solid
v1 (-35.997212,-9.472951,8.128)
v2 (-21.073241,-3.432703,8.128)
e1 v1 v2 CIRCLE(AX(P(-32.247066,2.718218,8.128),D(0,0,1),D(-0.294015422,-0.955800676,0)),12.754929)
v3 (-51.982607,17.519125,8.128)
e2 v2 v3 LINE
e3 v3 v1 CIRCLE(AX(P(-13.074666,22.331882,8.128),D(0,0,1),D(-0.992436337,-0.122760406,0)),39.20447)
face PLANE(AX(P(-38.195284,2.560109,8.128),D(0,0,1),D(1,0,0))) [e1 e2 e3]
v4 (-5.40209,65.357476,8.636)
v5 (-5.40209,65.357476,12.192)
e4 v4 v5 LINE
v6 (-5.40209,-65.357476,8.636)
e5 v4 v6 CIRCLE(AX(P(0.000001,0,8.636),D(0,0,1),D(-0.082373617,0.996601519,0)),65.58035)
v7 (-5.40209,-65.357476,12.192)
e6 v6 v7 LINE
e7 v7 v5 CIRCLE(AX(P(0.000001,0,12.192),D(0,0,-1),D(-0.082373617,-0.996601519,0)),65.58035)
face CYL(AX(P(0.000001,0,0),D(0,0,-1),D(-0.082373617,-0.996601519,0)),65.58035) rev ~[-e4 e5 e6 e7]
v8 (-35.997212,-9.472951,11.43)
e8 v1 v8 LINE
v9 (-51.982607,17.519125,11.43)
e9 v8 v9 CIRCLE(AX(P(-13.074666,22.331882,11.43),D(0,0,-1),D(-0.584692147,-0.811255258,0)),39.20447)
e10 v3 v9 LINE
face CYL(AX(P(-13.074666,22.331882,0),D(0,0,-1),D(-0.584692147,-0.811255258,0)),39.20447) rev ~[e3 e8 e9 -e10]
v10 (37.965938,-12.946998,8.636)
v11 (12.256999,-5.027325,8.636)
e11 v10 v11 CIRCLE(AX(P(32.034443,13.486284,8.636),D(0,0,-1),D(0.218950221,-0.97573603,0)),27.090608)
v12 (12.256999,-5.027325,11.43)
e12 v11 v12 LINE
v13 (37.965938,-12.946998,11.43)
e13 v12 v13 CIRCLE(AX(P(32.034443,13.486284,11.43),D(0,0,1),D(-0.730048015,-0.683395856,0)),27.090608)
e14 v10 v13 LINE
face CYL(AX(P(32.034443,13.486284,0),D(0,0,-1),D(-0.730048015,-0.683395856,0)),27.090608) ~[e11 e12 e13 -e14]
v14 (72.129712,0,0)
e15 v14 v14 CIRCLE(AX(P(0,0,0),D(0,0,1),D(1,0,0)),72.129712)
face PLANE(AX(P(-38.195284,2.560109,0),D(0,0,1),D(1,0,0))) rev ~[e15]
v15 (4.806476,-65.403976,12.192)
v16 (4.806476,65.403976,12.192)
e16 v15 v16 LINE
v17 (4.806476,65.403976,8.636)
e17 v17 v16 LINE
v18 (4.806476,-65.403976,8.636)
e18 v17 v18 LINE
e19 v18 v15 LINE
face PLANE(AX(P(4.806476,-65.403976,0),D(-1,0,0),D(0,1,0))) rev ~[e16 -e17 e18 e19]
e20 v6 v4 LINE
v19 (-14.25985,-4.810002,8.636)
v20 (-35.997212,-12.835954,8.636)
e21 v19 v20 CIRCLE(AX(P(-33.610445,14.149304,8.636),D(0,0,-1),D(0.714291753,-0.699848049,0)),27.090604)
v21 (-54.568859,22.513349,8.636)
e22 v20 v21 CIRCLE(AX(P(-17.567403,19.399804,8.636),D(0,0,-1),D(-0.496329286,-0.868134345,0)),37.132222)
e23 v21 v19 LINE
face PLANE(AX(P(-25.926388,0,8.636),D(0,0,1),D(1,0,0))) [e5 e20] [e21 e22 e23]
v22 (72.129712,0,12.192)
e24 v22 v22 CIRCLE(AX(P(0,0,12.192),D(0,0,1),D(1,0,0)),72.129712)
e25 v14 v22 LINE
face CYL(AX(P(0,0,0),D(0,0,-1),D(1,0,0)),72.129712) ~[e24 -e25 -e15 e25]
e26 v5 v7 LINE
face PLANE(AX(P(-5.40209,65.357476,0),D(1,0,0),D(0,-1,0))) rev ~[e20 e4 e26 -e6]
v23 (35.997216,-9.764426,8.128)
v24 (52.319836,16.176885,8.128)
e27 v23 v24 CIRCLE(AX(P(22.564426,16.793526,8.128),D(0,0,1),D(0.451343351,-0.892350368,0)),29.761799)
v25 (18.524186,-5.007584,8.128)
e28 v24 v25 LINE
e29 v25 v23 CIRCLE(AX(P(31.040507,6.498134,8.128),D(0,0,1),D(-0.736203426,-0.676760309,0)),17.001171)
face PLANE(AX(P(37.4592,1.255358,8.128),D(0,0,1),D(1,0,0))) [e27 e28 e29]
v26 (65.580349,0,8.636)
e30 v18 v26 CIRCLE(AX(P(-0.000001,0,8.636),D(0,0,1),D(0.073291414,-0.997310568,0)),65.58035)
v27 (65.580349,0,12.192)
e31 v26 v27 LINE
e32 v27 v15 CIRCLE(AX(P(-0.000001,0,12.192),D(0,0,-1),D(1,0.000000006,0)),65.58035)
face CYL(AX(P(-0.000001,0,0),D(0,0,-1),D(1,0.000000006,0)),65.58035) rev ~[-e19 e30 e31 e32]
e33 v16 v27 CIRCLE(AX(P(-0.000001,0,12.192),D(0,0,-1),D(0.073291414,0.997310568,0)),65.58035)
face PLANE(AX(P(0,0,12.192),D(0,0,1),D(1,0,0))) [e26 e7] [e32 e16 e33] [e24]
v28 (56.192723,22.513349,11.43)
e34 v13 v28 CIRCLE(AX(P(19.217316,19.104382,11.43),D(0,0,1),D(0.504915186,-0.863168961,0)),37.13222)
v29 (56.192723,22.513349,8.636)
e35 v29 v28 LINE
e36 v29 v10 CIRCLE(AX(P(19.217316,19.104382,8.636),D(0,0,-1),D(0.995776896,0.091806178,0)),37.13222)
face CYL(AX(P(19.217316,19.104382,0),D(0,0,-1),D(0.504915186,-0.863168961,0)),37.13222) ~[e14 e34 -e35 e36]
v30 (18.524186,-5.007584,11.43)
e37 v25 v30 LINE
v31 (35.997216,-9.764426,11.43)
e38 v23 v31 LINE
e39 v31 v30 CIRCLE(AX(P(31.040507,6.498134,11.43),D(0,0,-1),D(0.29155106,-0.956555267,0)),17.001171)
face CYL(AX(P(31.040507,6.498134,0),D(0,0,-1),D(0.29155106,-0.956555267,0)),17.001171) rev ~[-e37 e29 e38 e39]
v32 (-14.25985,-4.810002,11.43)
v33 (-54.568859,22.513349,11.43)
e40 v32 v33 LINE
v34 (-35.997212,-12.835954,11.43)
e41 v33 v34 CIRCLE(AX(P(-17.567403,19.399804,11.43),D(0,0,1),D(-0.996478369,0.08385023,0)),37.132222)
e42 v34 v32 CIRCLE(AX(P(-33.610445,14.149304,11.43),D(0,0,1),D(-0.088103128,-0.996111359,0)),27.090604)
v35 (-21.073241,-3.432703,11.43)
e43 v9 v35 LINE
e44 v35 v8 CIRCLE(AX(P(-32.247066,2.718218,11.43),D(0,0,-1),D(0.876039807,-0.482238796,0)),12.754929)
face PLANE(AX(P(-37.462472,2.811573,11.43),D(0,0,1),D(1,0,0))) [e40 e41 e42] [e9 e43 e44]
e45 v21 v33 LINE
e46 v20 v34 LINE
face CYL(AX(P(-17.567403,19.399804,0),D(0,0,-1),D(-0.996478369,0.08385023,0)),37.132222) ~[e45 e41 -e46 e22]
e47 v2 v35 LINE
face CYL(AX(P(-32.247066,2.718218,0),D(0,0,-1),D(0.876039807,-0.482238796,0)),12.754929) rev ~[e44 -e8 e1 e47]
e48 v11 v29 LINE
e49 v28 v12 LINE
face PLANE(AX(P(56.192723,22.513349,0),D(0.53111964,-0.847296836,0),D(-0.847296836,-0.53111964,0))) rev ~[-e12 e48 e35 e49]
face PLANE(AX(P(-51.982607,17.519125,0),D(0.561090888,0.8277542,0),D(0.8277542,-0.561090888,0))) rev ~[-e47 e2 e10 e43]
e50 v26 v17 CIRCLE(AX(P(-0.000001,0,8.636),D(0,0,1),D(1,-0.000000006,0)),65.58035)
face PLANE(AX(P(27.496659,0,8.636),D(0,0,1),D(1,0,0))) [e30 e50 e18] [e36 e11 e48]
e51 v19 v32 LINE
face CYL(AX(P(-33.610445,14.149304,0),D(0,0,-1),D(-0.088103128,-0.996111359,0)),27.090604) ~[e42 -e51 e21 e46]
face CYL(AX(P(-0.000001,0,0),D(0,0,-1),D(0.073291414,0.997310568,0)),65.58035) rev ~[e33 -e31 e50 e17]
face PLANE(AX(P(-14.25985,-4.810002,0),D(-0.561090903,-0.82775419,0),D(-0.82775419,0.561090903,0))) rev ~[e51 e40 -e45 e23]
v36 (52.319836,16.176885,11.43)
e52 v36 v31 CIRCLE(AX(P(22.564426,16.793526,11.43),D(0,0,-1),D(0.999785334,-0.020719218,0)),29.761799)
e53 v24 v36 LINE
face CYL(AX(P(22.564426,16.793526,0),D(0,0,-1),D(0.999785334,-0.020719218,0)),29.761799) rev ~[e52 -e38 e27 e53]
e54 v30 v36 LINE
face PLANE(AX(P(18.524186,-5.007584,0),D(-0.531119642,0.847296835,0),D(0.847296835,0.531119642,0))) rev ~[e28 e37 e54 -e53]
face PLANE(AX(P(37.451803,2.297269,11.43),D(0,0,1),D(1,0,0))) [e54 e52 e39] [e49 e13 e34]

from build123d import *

# Parameters (mm, degrees)
F0_R     = 72.129712
F1_DEPTH = 12.192
F2_DEPTH = 8.636
F3_DEPTH = 11.43
F4_DEPTH = 8.128


with BuildPart() as f1:
    # F0 (on Top) → F1 (new body)
    with BuildSketch(Plane.XY):
        Circle(F0_R)
        with BuildLine():
            ThreePointArc((4.806476, 65.403976), (48.04161, 44.640631), (65.580349, 0))
            ThreePointArc((65.580349, 0), (48.04161, -44.640631), (4.806476, -65.403976))
            ThreePointArc((4.806476, -65.403976), (-0.298713, -65.579669), (-5.40209, -65.357476))
            ThreePointArc((-5.40209, -65.357476), (-65.580349, 0), (-5.40209, 65.357476))
            ThreePointArc((-5.40209, 65.357476), (-0.298713, 65.579669), (4.806476, 65.403976))
        make_face(mode=Mode.SUBTRACT)
        with BuildLine():
            Line((4.806476, -65.403976), (4.806476, 65.403976))
            ThreePointArc((4.806476, 65.403976), (-0.298713, 65.579669), (-5.40209, 65.357476))
            Line((-5.40209, 65.357476), (-5.40209, -65.357476))
            ThreePointArc((-5.40209, -65.357476), (-0.298713, -65.579669), (4.806476, -65.403976))
        make_face()
    extrude(amount=F1_DEPTH)

    # F0 (on Top) → F2 (join)
    with BuildSketch(Plane.XY):
        with BuildLine():
            Line((-5.40209, -65.357476), (-5.40209, 65.357476))
            ThreePointArc((-5.40209, 65.357476), (-65.580349, 0), (-5.40209, -65.357476))
        make_face()
        with BuildLine():
            ThreePointArc((-35.997212, -12.835954), (-50.439117, 2.12982), (-54.568859, 22.513349))
            Line((-54.568859, 22.513349), (-14.25985, -4.810002))
            ThreePointArc((-14.25985, -4.810002), (-24.227117, -11.264353), (-35.997212, -12.835954))
        make_face(mode=Mode.SUBTRACT)
        with BuildLine():
            ThreePointArc((4.806476, -65.403976), (48.04161, -44.640631), (65.580349, 0))
            ThreePointArc((65.580349, 0), (48.04161, 44.640631), (4.806476, 65.403976))
            Line((4.806476, 65.403976), (4.806476, -65.403976))
        make_face()
        with BuildLine():
            ThreePointArc((37.965938, -12.946998), (24.058988, -12.403736), (12.256999, -5.027325))
            Line((12.256999, -5.027325), (56.192723, 22.513349))
            ThreePointArc((56.192723, 22.513349), (52.24232, 2.129374), (37.965938, -12.946998))
        make_face(mode=Mode.SUBTRACT)
    extrude(amount=F2_DEPTH)

    # F0 (on Top) → F3 (join)
    with BuildSketch(Plane.XY):
        with BuildLine():
            Line((-14.25985, -4.810002), (-54.568859, 22.513349))
            ThreePointArc((-54.568859, 22.513349), (-50.439117, 2.12982), (-35.997212, -12.835954))
            ThreePointArc((-35.997212, -12.835954), (-24.227117, -11.264353), (-14.25985, -4.810002))
        make_face()
        with BuildLine():
            ThreePointArc((-35.997212, -9.472951), (-46.80737, 2.354515), (-51.982607, 17.519125))
            Line((-51.982607, 17.519125), (-21.073241, -3.432703))
            ThreePointArc((-21.073241, -3.432703), (-27.461786, -9.105034), (-35.997212, -9.472951))
        make_face(mode=Mode.SUBTRACT)
        with BuildLine():
            Line((56.192723, 22.513349), (12.256999, -5.027325))
            ThreePointArc((12.256999, -5.027325), (24.058988, -12.403736), (37.965938, -12.946998))
            ThreePointArc((37.965938, -12.946998), (52.24232, 2.129374), (56.192723, 22.513349))
        make_face()
        with BuildLine():
            Line((18.524186, -5.007584), (52.319836, 16.176885))
            ThreePointArc((52.319836, 16.176885), (47.754564, 0.943554), (35.997216, -9.764426))
            ThreePointArc((35.997216, -9.764426), (26.574656, -9.906012), (18.524186, -5.007584))
        make_face(mode=Mode.SUBTRACT)
    extrude(amount=F3_DEPTH)

    # F0 (on Top) → F4 (join)
    with BuildSketch(Plane.XY):
        with BuildLine():
            Line((-21.073241, -3.432703), (-51.982607, 17.519125))
            ThreePointArc((-51.982607, 17.519125), (-46.80737, 2.354515), (-35.997212, -9.472951))
            ThreePointArc((-35.997212, -9.472951), (-27.461786, -9.105034), (-21.073241, -3.432703))
        make_face()
        with BuildLine():
            ThreePointArc((35.997216, -9.764426), (47.754564, 0.943554), (52.319836, 16.176885))
            Line((52.319836, 16.176885), (18.524186, -5.007584))
            ThreePointArc((18.524186, -5.007584), (26.574656, -9.906012), (35.997216, -9.764426))
        make_face()
    extrude(amount=F4_DEPTH)


solid = f1.part
